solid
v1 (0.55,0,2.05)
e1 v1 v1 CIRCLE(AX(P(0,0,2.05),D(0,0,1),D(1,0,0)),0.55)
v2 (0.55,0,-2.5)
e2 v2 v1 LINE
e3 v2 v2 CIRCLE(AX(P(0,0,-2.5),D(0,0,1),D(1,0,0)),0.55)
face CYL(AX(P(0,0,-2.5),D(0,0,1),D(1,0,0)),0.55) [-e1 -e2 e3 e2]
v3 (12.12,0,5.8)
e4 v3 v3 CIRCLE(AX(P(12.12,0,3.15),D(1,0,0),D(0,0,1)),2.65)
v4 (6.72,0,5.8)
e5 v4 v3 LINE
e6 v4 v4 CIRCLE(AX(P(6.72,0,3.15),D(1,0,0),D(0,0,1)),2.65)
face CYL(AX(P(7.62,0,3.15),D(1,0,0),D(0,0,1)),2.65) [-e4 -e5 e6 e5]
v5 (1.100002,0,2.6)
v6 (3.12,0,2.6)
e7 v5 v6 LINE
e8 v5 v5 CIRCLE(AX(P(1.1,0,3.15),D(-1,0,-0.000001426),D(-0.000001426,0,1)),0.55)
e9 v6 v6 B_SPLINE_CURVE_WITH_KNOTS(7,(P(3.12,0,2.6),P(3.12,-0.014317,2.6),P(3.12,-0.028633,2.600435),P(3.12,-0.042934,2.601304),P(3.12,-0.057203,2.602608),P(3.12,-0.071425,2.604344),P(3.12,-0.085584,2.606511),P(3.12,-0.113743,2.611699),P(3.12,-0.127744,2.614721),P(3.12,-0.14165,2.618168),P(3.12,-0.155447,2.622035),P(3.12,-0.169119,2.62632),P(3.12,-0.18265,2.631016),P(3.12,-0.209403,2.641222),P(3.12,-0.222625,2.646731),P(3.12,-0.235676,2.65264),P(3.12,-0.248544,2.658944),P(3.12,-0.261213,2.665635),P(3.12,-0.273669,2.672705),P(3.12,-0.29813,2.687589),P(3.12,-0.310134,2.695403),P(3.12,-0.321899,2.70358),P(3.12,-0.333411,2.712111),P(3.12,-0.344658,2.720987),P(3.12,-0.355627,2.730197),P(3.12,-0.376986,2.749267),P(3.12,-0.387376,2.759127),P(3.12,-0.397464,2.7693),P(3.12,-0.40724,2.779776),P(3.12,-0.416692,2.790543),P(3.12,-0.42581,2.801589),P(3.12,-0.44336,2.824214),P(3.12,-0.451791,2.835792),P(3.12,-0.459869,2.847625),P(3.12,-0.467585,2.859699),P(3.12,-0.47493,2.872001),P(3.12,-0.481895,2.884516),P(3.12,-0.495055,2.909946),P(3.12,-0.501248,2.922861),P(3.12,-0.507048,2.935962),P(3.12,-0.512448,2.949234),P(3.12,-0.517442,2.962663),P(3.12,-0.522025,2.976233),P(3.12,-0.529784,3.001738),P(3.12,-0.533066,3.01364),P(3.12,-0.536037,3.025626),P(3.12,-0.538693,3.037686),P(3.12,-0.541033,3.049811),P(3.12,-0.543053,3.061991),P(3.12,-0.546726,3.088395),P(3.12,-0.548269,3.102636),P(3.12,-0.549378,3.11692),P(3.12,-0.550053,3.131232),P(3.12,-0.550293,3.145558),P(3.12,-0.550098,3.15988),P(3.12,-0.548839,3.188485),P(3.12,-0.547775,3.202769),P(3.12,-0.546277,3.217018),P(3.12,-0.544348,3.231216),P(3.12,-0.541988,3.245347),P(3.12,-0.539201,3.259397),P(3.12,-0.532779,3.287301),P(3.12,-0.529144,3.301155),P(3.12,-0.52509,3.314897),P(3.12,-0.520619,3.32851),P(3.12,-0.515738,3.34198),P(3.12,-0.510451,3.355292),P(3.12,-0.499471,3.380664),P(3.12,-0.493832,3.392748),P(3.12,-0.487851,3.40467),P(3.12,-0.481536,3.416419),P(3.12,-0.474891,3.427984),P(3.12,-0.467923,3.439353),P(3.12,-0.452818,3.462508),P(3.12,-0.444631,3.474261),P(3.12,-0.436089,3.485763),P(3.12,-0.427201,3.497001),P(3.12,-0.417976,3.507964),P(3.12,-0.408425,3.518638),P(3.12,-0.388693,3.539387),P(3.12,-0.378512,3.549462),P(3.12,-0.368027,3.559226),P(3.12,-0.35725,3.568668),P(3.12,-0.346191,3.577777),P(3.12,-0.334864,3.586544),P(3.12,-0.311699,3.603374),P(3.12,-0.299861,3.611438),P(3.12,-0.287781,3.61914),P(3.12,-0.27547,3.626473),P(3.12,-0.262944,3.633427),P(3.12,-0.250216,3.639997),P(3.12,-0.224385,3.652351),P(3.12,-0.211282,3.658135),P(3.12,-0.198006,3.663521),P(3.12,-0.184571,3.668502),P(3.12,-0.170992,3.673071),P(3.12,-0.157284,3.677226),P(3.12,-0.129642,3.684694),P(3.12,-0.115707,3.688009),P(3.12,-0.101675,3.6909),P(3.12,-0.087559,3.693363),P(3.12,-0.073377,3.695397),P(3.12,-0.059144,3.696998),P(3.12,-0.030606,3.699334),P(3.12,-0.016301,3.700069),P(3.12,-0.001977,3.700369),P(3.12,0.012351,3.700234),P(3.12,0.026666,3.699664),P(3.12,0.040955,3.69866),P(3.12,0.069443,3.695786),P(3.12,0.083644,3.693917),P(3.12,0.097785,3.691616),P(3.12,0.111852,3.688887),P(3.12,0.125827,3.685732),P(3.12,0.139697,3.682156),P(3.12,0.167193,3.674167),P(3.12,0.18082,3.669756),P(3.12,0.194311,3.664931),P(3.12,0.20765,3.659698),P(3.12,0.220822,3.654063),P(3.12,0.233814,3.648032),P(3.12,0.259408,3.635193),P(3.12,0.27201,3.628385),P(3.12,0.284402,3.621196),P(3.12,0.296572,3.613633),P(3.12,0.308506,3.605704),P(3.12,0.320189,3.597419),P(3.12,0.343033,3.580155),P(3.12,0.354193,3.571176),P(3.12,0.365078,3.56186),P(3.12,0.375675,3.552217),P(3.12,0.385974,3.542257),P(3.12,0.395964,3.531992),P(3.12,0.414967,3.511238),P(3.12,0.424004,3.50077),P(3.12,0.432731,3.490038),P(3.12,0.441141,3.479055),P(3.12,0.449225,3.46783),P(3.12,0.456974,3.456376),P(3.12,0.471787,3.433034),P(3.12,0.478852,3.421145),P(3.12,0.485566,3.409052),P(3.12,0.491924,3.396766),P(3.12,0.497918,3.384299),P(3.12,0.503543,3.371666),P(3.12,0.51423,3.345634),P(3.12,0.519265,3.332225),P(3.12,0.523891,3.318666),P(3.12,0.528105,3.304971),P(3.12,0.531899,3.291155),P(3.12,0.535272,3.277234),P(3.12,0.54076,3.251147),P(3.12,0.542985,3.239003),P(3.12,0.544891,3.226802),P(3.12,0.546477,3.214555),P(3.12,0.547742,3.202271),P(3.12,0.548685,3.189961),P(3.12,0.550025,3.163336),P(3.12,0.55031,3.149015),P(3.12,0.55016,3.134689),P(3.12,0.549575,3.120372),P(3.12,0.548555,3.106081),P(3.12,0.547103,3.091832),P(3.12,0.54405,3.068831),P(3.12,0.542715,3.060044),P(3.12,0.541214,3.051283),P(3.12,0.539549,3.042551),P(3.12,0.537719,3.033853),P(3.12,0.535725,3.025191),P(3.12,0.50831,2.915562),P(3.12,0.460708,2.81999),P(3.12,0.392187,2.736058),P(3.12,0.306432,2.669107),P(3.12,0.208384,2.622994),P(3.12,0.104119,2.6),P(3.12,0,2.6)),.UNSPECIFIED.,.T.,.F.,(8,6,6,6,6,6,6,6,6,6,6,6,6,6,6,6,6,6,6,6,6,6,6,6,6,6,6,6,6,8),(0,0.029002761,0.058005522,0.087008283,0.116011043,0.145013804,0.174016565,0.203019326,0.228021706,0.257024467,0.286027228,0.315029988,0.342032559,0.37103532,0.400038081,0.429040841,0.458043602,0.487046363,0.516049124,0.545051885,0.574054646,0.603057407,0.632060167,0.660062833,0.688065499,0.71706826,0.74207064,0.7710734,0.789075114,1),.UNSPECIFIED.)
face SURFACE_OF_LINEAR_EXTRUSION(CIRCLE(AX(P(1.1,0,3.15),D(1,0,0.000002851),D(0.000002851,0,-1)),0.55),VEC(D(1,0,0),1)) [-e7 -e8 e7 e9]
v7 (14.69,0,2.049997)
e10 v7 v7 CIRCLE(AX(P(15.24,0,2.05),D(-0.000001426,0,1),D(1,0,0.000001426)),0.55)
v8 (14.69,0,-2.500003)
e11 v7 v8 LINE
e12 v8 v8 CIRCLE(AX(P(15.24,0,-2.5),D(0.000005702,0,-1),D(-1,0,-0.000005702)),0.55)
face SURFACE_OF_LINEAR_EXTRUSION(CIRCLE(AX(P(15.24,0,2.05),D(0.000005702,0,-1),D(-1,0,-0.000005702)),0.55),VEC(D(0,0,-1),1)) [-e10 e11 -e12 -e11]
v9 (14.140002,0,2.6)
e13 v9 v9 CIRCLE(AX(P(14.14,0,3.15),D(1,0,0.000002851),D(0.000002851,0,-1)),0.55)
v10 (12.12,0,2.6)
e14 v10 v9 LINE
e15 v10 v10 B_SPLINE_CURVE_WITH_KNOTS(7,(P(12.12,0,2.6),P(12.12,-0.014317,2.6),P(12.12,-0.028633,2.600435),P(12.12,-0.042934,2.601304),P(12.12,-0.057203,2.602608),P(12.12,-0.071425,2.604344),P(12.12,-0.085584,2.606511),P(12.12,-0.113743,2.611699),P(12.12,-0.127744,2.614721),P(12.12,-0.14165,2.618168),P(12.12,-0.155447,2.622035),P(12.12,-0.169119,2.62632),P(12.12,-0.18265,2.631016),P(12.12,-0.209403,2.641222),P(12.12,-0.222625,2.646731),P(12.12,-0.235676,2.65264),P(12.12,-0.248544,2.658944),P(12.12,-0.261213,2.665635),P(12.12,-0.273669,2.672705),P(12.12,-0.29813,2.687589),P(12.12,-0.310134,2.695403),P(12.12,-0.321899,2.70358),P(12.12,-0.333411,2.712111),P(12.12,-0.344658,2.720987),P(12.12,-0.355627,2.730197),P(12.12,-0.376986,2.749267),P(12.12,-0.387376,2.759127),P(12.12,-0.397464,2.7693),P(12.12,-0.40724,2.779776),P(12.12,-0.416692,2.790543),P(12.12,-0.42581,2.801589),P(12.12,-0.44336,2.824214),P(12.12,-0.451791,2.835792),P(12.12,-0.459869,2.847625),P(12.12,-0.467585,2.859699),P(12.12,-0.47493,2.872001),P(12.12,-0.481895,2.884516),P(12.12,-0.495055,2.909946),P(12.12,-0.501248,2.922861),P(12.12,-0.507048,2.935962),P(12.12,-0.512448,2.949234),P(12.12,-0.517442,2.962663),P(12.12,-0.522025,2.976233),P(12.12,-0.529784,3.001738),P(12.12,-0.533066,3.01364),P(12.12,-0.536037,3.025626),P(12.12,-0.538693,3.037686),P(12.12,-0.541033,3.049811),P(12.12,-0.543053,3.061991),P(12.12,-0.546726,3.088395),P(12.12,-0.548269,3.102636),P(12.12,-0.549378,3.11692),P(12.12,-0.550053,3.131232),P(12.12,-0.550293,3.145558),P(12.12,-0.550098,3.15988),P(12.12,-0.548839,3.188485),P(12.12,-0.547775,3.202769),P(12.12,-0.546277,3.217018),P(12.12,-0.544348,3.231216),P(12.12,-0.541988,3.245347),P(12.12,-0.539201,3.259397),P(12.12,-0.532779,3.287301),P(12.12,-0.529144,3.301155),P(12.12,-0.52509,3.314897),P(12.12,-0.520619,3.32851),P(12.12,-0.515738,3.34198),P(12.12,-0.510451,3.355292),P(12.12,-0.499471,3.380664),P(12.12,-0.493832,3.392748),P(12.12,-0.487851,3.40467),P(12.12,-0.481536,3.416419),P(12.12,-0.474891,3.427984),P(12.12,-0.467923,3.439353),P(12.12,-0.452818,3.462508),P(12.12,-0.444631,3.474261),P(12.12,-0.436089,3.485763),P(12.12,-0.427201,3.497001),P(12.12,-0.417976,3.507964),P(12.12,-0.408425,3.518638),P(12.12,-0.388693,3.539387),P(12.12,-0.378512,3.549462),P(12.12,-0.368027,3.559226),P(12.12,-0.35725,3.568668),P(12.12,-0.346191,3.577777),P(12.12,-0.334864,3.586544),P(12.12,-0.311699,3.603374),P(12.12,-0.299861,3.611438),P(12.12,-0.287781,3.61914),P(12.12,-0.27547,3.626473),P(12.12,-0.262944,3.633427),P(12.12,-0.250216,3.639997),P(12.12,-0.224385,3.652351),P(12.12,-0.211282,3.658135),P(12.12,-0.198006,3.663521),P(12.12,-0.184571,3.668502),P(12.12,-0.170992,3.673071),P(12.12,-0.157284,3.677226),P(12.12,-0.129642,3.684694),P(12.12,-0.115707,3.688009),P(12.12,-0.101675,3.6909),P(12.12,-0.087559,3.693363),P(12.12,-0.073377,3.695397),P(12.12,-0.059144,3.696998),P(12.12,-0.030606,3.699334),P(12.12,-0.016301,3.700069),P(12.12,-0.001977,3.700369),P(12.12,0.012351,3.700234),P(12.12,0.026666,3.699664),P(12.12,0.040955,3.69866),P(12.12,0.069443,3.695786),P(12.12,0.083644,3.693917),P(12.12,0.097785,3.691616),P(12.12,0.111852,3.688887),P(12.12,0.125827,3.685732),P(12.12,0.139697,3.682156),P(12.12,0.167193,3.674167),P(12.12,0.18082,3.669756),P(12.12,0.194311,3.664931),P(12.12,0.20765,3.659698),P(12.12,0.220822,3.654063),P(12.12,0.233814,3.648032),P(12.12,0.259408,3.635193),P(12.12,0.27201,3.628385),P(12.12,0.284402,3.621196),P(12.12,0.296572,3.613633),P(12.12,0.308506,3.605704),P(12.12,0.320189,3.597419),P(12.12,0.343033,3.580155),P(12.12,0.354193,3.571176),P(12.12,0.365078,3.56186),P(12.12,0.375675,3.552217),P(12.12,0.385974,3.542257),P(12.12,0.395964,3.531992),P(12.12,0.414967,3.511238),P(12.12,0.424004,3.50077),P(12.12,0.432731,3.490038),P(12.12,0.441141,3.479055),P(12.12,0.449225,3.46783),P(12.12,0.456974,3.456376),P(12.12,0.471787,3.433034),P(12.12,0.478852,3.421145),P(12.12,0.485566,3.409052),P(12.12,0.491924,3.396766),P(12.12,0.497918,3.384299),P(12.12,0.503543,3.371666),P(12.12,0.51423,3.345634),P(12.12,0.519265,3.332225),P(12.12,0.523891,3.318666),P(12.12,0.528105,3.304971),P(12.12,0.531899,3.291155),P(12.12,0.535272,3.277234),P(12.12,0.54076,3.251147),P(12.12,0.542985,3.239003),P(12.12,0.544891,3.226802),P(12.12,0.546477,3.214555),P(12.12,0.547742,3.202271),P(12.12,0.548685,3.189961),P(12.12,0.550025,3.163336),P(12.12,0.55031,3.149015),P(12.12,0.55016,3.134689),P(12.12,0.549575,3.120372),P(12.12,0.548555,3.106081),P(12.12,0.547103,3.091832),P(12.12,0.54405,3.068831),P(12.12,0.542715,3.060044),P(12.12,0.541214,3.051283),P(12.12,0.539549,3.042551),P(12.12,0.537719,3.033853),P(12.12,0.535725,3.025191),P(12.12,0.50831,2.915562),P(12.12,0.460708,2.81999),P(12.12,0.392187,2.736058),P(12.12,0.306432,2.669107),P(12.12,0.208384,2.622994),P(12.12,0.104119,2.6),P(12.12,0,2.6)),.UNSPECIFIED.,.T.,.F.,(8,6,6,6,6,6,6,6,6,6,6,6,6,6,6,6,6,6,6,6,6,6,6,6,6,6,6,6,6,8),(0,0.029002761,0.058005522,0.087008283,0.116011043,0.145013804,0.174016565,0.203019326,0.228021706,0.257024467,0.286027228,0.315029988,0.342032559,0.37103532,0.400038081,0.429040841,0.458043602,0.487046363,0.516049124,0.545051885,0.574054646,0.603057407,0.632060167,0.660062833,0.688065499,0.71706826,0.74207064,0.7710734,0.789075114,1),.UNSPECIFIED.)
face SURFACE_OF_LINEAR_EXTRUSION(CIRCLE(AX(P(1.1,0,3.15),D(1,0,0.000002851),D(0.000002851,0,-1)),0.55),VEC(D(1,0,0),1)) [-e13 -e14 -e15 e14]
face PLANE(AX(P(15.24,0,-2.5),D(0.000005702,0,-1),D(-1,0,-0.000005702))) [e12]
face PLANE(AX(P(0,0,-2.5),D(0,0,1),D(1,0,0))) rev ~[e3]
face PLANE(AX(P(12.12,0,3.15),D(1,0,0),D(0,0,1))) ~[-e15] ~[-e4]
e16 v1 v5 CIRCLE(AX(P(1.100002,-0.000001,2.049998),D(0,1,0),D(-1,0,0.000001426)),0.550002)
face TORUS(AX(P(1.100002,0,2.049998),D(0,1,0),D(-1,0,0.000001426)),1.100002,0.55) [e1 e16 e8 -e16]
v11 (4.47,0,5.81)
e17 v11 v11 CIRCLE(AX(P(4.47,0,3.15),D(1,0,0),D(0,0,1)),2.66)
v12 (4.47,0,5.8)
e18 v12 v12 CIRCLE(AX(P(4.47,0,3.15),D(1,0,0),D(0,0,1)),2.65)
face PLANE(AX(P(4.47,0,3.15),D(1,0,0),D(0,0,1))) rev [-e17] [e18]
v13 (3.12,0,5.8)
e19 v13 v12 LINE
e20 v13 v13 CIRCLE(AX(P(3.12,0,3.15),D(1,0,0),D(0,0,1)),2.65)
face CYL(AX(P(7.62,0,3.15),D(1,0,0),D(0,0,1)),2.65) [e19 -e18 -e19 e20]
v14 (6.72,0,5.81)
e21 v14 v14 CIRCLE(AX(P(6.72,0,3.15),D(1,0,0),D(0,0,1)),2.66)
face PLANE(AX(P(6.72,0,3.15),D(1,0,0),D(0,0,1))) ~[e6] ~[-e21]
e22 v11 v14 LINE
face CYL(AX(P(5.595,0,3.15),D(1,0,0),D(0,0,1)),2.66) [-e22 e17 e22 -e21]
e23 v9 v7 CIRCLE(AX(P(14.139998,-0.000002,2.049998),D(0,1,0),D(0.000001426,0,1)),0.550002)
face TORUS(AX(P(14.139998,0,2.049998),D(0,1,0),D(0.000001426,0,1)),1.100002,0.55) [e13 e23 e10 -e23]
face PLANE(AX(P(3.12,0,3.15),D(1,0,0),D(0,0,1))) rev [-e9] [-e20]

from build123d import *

# Parameters (mm, degrees)
SKETCH002_W = 9
SKETCH002_H = 2.65
SKETCH_R    = 0.55
SKETCH003_W = 2.25
SKETCH003_H = 0.02


with BuildPart() as revolution:
    # Sketch002 → Revolution (revolve)
    with BuildSketch(Plane.XZ):
        with Locations((7.62, 4.475)):
            Rectangle(SKETCH002_W, SKETCH002_H)
    revolve(axis=Axis((3.12, 0, 3.15), (1, 0, 0)))


with BuildPart() as sweep_body:
    # Sweep: sweep along a path in Sketch001
    with BuildLine(Plane.XZ) as sweep_path:
        Line((0, -2.5), (0, 2.05))
        ThreePointArc((0, 2.05), (0.322183, 2.827817), (1.1, 3.15))
        Line((1.1, 3.15), (14.14, 3.15))
        ThreePointArc((14.14, 3.15), (14.917817, 2.827817), (15.24, 2.05))
        Line((15.24, 2.05), (15.24, -2.5))
    # Sketch → Sweep (sweep)
    with BuildSketch(Plane.XY.offset(-2)):
        Circle(SKETCH_R)
    sweep(path=sweep_path.line)


with BuildPart() as d_do_201ae_p15_24mm_horizontal:
    # Sketch003 → Revolution001 (revolve)
    with BuildSketch(Plane.XZ):
        with Locations((5.595, 5.8)):
            Rectangle(SKETCH003_W, SKETCH003_H)
    revolve(axis=Axis((0, 0, 3.15), (1, 0, 0)))

    # Revolution001_mp_cp: union Revolution, Sweep body
    add(revolution.part)
    add(sweep_body.part)


solid = d_do_201ae_p15_24mm_horizontal.part
